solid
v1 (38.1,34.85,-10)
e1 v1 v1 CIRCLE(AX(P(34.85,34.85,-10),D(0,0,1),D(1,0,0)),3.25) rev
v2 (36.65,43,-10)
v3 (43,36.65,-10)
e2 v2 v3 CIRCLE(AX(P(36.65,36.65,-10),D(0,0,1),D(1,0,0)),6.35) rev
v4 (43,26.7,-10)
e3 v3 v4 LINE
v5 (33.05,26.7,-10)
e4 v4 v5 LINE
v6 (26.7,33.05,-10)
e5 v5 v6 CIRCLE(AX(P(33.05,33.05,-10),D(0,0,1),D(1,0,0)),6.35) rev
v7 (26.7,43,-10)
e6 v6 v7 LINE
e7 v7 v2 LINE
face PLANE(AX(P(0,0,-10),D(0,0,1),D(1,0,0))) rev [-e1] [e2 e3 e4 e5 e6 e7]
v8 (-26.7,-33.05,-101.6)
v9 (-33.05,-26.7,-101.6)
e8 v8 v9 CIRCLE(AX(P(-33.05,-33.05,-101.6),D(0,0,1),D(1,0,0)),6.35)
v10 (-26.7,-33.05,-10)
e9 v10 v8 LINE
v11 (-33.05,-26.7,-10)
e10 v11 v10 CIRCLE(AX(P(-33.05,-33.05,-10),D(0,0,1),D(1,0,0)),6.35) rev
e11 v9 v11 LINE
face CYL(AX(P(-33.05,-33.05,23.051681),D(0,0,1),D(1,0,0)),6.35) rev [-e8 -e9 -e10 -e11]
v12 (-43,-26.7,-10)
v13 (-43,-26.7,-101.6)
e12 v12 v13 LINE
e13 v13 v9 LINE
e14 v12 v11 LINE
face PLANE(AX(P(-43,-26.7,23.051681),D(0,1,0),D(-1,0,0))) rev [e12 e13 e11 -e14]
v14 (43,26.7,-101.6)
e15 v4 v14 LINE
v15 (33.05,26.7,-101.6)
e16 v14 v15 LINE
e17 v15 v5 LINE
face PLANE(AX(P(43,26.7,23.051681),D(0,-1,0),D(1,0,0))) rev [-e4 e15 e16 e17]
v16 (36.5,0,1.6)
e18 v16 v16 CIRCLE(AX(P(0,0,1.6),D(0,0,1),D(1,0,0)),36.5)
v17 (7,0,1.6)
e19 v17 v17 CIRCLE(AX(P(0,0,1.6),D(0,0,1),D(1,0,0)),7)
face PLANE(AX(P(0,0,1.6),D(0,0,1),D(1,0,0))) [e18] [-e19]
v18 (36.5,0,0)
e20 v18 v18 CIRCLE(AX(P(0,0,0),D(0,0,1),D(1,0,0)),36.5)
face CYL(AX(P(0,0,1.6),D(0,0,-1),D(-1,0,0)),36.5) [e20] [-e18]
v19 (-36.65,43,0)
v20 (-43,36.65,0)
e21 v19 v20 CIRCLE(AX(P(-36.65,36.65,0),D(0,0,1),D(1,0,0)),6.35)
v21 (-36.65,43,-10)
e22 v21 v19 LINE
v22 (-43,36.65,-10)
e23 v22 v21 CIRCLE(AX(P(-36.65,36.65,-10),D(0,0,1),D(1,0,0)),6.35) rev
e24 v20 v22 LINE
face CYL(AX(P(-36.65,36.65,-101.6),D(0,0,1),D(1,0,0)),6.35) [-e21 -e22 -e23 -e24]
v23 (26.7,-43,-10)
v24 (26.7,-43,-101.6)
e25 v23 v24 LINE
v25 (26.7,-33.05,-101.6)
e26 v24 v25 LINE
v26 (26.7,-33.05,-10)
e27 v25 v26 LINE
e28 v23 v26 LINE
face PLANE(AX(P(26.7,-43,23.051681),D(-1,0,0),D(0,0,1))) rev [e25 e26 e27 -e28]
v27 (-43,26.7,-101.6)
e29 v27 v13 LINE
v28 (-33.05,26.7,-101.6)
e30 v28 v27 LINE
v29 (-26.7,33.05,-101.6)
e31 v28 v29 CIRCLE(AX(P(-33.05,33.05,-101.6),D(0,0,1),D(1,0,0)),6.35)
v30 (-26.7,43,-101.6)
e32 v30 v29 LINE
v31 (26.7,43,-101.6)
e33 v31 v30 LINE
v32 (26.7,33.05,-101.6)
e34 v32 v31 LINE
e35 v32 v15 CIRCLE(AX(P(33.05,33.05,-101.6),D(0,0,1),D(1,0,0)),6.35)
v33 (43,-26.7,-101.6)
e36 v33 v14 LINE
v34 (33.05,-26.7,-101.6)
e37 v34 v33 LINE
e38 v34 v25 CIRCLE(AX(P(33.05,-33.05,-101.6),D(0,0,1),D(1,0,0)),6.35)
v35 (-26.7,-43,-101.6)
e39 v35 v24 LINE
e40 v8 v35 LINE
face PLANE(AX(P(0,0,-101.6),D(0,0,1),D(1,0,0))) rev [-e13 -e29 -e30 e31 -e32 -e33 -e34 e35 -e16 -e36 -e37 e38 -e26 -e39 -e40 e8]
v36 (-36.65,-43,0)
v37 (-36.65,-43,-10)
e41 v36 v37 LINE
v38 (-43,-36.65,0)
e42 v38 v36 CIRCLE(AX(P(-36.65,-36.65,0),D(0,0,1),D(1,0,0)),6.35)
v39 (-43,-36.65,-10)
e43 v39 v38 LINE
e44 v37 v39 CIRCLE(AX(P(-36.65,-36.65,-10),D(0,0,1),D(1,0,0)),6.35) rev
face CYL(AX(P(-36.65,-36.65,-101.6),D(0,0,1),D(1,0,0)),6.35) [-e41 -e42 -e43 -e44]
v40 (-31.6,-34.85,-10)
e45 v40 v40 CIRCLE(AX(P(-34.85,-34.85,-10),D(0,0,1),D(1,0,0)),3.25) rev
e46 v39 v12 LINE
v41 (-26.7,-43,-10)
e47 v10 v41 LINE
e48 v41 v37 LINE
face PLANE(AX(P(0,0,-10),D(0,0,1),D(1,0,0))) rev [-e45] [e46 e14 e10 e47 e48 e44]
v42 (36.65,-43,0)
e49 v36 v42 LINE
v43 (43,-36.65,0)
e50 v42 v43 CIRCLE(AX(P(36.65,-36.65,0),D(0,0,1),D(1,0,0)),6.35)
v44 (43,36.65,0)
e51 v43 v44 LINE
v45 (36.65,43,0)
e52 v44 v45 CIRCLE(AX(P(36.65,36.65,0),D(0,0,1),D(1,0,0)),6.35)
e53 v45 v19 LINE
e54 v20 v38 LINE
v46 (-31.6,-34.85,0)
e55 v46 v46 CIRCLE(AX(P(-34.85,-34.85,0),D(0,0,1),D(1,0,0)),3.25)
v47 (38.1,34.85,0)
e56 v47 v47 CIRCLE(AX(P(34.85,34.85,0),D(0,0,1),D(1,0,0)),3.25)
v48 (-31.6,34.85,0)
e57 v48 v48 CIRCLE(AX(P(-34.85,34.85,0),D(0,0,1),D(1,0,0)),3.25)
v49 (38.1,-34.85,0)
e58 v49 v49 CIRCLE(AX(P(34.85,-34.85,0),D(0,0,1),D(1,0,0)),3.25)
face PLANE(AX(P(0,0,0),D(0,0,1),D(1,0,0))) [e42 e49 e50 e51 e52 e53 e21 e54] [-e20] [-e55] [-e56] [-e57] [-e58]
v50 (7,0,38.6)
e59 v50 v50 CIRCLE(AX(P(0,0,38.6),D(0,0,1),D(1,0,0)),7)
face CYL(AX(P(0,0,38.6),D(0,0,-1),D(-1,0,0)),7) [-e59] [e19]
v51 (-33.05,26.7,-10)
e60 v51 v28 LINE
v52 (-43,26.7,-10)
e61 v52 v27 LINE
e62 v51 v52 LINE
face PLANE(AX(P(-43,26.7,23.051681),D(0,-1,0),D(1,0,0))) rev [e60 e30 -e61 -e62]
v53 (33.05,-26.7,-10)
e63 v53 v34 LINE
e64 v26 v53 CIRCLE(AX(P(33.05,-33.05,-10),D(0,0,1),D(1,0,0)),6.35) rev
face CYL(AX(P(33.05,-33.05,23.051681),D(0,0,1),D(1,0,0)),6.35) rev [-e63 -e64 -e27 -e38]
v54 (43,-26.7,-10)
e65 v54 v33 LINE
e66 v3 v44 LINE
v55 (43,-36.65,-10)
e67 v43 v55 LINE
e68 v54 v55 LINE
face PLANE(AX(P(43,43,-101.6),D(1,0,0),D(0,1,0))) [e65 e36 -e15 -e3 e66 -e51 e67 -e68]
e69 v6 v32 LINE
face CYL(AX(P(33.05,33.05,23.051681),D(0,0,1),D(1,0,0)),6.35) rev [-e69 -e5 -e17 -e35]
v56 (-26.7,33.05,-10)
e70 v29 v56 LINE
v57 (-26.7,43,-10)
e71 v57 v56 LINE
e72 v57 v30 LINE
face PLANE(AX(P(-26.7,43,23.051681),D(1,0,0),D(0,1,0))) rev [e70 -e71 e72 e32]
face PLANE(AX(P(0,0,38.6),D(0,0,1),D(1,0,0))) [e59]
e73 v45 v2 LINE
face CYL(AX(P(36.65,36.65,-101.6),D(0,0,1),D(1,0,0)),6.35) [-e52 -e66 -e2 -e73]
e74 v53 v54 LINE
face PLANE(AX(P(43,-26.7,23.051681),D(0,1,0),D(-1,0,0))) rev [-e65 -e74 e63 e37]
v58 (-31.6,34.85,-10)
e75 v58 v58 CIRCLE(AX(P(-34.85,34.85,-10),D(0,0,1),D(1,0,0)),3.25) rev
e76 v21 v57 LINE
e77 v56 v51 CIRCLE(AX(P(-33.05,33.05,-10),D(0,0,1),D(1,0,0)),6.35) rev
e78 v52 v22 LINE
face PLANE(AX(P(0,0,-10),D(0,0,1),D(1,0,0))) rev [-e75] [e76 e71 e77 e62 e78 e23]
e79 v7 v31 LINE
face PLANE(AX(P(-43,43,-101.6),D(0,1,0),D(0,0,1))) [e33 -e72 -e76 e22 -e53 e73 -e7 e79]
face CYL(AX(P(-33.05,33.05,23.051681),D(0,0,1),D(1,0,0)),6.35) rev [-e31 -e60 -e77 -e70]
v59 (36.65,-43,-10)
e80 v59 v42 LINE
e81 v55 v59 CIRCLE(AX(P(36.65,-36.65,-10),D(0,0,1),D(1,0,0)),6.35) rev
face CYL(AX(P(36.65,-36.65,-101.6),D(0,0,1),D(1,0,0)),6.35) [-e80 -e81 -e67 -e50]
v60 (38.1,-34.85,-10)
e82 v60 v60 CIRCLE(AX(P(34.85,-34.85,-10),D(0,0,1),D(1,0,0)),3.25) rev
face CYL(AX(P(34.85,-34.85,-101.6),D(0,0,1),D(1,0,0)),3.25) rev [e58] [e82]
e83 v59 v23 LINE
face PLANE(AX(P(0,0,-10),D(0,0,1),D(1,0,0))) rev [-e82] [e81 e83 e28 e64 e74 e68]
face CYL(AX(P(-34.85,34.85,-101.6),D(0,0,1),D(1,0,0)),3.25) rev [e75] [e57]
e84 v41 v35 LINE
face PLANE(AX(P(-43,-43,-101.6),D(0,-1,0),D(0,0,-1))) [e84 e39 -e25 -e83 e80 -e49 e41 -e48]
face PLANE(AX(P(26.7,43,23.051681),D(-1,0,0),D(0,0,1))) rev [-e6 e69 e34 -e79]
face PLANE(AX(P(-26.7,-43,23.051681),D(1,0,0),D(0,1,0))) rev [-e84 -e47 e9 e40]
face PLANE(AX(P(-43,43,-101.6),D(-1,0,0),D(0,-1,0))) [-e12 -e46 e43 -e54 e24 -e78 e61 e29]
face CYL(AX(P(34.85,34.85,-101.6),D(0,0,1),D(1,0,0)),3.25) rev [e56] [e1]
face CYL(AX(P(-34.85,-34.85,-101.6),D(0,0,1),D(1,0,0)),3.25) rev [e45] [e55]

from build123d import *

# Parameters (mm, degrees)
SKETCH1_W           = 86
SKETCH1_H           = 86
BOSS_EXTRUDE1_DEPTH = 101.6
SKETCH2_R           = 36.5
BOSS_EXTRUDE2_DEPTH = 1.6
SKETCH3_R           = 7
BOSS_EXTRUDE3_DEPTH = 37
SKETCH5_R           = 3.25
CUT_EXTRUDE1_DEPTH  = 102.6
SKETCH4_W           = 16.3
SKETCH4_H           = 16.3
CUT_EXTRUDE2_DEPTH  = 91.6
FILLET1_R           = 6.35


with BuildPart() as part:
    # Sketch1 → Boss-Extrude1 (new body)
    with BuildSketch(Plane.XY):
        Rectangle(SKETCH1_W, SKETCH1_H)
    extrude(amount=-BOSS_EXTRUDE1_DEPTH)

    # Sketch2 → Boss-Extrude2 (add)
    with BuildSketch(Plane.XY):
        Circle(SKETCH2_R)
    extrude(amount=BOSS_EXTRUDE2_DEPTH)

    # Sketch3 → Boss-Extrude3 (add)
    with BuildSketch(Plane.XY.offset(1.6)):
        Circle(SKETCH3_R)
    extrude(amount=BOSS_EXTRUDE3_DEPTH)

    # Sketch5 → Cut-Extrude1 (cut, through all)
    with BuildSketch(Plane.XY):
        with Locations((-34.85, 34.85)):
            Circle(SKETCH5_R)
        with Locations((34.85, 34.85)):
            Circle(SKETCH5_R)
        with Locations((34.85, -34.85)):
            Circle(SKETCH5_R)
        with Locations((-34.85, -34.85)):
            Circle(SKETCH5_R)
    extrude(amount=-CUT_EXTRUDE1_DEPTH, mode=Mode.SUBTRACT)

    # Sketch4 → Cut-Extrude2 (cut)
    with BuildSketch(Plane(origin=(0, 0, -101.6), x_dir=(-1, 0, 0), z_dir=(0, 0, -1))):
        with Locations((-34.85, 34.85)):
            Rectangle(SKETCH4_W, SKETCH4_H)
        with Locations((-34.85, -34.85)):
            Rectangle(SKETCH4_W, SKETCH4_H)
        with Locations((34.85, -34.85)):
            Rectangle(SKETCH4_W, SKETCH4_H)
        with Locations((34.85, 34.85)):
            Rectangle(SKETCH4_W, SKETCH4_H)
    extrude(amount=-CUT_EXTRUDE2_DEPTH, mode=Mode.SUBTRACT)

    # Fillet1
    fillet1_edges = [part.edges().sort_by_distance(p)[0] for p in [
        (43, 43, -5),
        (-43, 43, -5),
        (-43, -43, -5),
        (43, -43, -5),
        (-26.7, 26.7, -55.8),
        (-26.7, -26.7, -55.8),
        (26.7, -26.7, -55.8),
        (26.7, 26.7, -55.8),
    ]]
    fillet(fillet1_edges, radius=FILLET1_R)


solid = part.part
